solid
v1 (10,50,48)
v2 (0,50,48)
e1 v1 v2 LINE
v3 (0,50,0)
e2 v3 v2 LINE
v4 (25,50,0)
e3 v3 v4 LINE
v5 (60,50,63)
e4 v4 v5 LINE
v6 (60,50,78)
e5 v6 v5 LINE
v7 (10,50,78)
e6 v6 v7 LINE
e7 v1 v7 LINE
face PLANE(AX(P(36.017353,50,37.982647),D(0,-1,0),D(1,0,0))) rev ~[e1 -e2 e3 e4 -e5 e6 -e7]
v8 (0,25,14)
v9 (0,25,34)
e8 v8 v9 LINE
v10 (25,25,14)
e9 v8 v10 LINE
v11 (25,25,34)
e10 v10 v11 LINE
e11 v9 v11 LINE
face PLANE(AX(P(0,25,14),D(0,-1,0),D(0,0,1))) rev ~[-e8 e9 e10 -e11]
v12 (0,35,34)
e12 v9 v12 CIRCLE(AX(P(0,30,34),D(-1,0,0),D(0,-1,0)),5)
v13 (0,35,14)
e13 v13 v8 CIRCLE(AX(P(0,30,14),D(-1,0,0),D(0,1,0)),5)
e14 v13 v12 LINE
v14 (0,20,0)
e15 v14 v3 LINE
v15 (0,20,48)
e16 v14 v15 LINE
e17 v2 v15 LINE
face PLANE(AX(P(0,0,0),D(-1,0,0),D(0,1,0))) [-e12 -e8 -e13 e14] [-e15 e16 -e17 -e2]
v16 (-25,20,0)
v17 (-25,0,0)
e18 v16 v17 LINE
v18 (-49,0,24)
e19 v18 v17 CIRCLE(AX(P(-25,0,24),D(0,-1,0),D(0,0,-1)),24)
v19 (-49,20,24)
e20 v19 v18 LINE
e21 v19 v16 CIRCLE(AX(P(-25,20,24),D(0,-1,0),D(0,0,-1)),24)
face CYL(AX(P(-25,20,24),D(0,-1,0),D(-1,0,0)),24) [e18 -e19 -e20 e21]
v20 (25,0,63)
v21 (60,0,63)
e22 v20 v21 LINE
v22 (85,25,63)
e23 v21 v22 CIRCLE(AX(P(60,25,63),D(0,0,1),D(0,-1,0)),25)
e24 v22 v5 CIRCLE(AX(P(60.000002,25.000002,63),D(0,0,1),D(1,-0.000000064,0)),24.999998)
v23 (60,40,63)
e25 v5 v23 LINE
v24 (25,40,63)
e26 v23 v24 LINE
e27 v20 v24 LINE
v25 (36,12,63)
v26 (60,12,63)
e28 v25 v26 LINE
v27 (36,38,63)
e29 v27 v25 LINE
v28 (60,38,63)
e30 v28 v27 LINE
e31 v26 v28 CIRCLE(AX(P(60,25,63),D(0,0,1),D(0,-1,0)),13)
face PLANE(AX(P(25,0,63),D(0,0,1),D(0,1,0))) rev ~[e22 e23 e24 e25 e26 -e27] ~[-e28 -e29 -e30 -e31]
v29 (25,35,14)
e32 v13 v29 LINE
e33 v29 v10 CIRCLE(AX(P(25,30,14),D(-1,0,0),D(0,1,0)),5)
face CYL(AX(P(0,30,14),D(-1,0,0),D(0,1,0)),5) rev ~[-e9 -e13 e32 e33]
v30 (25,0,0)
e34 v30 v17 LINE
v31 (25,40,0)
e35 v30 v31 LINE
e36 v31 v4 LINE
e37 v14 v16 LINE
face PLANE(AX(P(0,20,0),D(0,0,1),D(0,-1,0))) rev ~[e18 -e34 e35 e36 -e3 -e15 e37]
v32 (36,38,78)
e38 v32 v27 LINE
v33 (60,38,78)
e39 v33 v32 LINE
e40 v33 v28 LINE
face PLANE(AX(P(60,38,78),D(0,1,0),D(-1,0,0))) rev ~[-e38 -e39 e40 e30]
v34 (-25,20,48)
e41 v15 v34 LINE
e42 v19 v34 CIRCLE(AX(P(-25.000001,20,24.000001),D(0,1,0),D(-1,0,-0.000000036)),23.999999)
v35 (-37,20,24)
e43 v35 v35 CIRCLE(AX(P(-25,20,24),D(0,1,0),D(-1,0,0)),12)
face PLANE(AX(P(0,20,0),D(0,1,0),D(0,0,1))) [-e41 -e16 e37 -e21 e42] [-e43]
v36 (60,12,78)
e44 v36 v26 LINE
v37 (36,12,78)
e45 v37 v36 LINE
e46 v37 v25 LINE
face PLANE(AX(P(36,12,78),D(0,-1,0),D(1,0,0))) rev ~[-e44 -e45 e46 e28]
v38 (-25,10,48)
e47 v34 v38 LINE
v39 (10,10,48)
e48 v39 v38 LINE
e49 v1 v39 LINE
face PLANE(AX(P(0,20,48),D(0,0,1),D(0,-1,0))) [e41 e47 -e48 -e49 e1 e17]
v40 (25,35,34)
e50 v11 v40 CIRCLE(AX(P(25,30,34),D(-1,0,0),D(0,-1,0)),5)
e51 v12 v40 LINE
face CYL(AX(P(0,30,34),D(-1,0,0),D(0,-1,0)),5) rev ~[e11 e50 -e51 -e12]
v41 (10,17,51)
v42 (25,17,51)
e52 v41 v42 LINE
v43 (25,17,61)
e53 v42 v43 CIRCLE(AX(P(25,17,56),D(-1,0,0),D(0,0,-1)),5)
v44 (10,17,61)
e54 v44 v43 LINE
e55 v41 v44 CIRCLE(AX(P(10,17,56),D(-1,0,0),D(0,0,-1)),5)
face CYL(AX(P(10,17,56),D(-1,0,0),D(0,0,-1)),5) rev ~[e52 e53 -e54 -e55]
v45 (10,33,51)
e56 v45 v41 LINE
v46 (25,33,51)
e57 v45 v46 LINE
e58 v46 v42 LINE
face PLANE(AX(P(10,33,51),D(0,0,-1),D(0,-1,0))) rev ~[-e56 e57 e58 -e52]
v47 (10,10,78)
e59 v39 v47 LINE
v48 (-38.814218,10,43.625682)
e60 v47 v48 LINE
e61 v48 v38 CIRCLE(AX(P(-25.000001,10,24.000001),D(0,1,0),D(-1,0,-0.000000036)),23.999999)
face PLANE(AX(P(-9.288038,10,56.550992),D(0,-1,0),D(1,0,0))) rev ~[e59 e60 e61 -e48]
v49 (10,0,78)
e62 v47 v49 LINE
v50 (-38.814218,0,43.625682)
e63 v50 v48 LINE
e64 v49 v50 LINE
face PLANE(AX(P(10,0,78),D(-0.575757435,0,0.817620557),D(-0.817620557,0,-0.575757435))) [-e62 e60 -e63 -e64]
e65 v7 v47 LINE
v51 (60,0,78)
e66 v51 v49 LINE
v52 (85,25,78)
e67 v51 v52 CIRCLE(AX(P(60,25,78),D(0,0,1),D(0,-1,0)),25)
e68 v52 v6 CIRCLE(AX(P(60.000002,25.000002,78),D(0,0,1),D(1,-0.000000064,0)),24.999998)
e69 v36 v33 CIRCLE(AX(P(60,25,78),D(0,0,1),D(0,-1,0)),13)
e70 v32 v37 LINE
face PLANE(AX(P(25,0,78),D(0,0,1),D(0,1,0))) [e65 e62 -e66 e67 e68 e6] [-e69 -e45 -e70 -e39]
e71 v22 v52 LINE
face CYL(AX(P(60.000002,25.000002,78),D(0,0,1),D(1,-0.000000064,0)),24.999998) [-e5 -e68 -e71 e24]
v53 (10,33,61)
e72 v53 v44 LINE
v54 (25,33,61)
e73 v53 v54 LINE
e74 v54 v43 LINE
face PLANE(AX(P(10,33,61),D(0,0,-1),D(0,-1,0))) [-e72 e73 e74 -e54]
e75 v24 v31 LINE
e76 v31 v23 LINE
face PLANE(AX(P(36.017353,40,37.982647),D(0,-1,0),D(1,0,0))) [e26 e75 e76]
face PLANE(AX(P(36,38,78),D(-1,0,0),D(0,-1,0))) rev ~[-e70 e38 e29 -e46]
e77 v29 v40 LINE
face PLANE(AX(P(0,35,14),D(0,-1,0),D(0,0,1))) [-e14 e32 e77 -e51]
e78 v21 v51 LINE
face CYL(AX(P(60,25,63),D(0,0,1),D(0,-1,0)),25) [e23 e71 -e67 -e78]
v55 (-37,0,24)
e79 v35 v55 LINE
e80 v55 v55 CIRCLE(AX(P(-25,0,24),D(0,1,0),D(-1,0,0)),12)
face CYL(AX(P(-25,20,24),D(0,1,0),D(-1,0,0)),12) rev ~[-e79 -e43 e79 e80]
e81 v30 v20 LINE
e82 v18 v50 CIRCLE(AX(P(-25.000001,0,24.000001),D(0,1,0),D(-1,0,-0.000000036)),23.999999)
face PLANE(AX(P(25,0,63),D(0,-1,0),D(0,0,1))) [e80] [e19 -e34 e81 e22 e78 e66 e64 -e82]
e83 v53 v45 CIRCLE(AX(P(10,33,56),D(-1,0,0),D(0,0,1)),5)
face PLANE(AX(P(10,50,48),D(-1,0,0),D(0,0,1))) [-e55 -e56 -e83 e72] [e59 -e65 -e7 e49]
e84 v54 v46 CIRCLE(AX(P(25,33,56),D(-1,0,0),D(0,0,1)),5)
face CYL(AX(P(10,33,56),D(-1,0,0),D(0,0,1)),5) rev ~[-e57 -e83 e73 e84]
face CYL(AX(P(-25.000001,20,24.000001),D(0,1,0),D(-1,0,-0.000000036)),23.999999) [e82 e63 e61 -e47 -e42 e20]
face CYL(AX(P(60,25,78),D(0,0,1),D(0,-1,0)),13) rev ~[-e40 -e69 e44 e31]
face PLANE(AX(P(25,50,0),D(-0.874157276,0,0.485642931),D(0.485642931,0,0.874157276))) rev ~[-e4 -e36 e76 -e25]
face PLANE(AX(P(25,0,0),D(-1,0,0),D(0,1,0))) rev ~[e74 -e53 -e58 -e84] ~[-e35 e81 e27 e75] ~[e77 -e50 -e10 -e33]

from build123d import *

# Parameters (mm, degrees)
SKETCH_W        = 25
SKETCH_H        = 50
PAD_DEPTH       = 78
SKETCH001_W     = 10
SKETCH001_H     = 30
POCKET_DEPTH    = 50
SKETCH002_W     = 20
SKETCH002_H     = 48
PAD001_DEPTH    = 49
FILLET_R        = 24
POCKET001_DEPTH = 20
SKETCH004_W     = 50
SKETCH004_H     = 15
PAD002_DEPTH    = 60
FILLET001_R     = 25
POCKET002_DEPTH = 15
SKETCH006_R     = 12
POCKET003_DEPTH = 20
POCKET004_DEPTH = 15
POCKET005_DEPTH = 15
POCKET006_DEPTH = 25
PAD003_DEPTH    = 10
PAD004_DEPTH    = 10


with BuildPart() as part:
    # Sketch → Pad (new body)
    with BuildSketch(Plane.XY):
        with Locations((12.5, 25)):
            Rectangle(SKETCH_W, SKETCH_H)
    extrude(amount=PAD_DEPTH)

    # Sketch001 (on Face3 of Pad) → Pocket (cut)
    with BuildSketch(Plane(origin=(0, 50, 0), x_dir=(-1, 0, 0), z_dir=(0, 1, 0))):
        with Locations((-5, 63)):
            Rectangle(SKETCH001_W, SKETCH001_H)
    extrude(amount=-POCKET_DEPTH, mode=Mode.SUBTRACT)

    # Sketch002 (on Face7 of Pocket) → Pad001 (join)
    with BuildSketch(Plane(origin=(0, 0, 0), x_dir=(0, -1, 0), z_dir=(-1, 0, 0))):
        with Locations((-10, 24)):
            Rectangle(SKETCH002_W, SKETCH002_H)
    extrude(amount=PAD001_DEPTH)

    # Fillet
    fillet_edges = [part.edges().sort_by_distance(p)[0] for p in [
        (-49, 10, 0),
    ]]
    fillet(fillet_edges, radius=FILLET_R)

    # Sketch003 (on Face8 of Fillet) → Pocket001 (cut)
    with BuildSketch(Plane(origin=(0, 20, 0), x_dir=(-1, 0, 0), z_dir=(0, 1, 0))):
        with BuildLine():
            ThreePointArc((49, 24), (41.970563, 40.970563), (25, 48))
            Line((25, 48), (49, 48))
            Line((49, 48), (49, 24))
        make_face()
    extrude(amount=-POCKET001_DEPTH, mode=Mode.SUBTRACT)

    # Sketch004 (on Face10 of Pocket001) → Pad002 (join)
    with BuildSketch(Plane.YZ.offset(25)):
        with Locations((25, 70.5)):
            Rectangle(SKETCH004_W, SKETCH004_H)
    extrude(amount=PAD002_DEPTH)

    # Fillet001
    fillet001_edges = [part.edges().sort_by_distance(p)[0] for p in [
        (85, 0, 70.5),
    ]]
    fillet(fillet001_edges, radius=FILLET001_R)

    # Sketch005 (on Face2 of Fillet001) → Pocket002 (cut)
    with BuildSketch(Plane.XY.offset(78)):
        with BuildLine():
            ThreePointArc((85, 25), (77.67767, 42.67767), (60, 50))
            Line((60, 50), (85, 50))
            Line((85, 50), (85, 25))
        make_face()
    extrude(amount=-POCKET002_DEPTH, mode=Mode.SUBTRACT)

    # Sketch006 (on Face20 of Pocket002) → Pocket003 (cut)
    with BuildSketch(Plane(origin=(0, 20, 0), x_dir=(-1, 0, 0), z_dir=(0, 1, 0))):
        with Locations((25, 24)):
            Circle(SKETCH006_R)
    extrude(amount=-POCKET003_DEPTH, mode=Mode.SUBTRACT)

    # Sketch007 (on Face2 of Pocket003) → Pocket004 (cut)
    with BuildSketch(Plane.XY.offset(78)):
        with BuildLine():
            ThreePointArc((60, 12), (73, 25), (60, 38))
            Line((60, 38), (36, 38))
            Line((36, 38), (36, 12))
            Line((36, 12), (60, 12))
        make_face()
    extrude(amount=-POCKET004_DEPTH, mode=Mode.SUBTRACT)

    # Sketch008 (on Face15 of Pocket004) → Pocket005 (cut)
    with BuildSketch(Plane(origin=(10, 0, 0), x_dir=(0, -1, 0), z_dir=(-1, 0, 0))):
        with BuildLine():
            ThreePointArc((-33, 61), (-38, 56), (-33, 51))
            Line((-33, 51), (-17, 51))
            ThreePointArc((-17, 51), (-12, 56), (-17, 61))
            Line((-33, 61), (-17, 61))
        make_face()
    extrude(amount=-POCKET005_DEPTH, mode=Mode.SUBTRACT)

    # Sketch009 (on Face19 of Pocket005) → Pocket006 (cut)
    with BuildSketch(Plane(origin=(0, 0, 0), x_dir=(0, -1, 0), z_dir=(-1, 0, 0))):
        with BuildLine():
            ThreePointArc((-35, 14), (-30, 9), (-25, 14))
            Line((-25, 14), (-25, 34))
            ThreePointArc((-25, 34), (-30, 39), (-35, 34))
            Line((-35, 14), (-35, 34))
        make_face()
    extrude(amount=-POCKET006_DEPTH, mode=Mode.SUBTRACT)

    # Sketch010 (on DatumPlane) → Pad003 (join)
    with BuildSketch(Plane.XZ):
        with BuildLine():
            Line((10, 48), (10, 78))
            Line((10, 78), (-38.818227, 43.622859))
            ThreePointArc((-25, 48), (-32.247461, 46.879561), (-38.818227, 43.622859))
            Line((10, 48), (-25, 48))
        make_face()
    extrude(amount=-PAD003_DEPTH)

    # Sketch011 (on DatumPlane) → Pad004 (join)
    with BuildSketch(Plane(origin=(0, 50, 0), x_dir=(-1, 0, 0), z_dir=(0, 1, 0))):
        Polygon((-60, 63), (-25, 63), (-25, 0), align=None)
    extrude(amount=-PAD004_DEPTH)


solid = part.part
